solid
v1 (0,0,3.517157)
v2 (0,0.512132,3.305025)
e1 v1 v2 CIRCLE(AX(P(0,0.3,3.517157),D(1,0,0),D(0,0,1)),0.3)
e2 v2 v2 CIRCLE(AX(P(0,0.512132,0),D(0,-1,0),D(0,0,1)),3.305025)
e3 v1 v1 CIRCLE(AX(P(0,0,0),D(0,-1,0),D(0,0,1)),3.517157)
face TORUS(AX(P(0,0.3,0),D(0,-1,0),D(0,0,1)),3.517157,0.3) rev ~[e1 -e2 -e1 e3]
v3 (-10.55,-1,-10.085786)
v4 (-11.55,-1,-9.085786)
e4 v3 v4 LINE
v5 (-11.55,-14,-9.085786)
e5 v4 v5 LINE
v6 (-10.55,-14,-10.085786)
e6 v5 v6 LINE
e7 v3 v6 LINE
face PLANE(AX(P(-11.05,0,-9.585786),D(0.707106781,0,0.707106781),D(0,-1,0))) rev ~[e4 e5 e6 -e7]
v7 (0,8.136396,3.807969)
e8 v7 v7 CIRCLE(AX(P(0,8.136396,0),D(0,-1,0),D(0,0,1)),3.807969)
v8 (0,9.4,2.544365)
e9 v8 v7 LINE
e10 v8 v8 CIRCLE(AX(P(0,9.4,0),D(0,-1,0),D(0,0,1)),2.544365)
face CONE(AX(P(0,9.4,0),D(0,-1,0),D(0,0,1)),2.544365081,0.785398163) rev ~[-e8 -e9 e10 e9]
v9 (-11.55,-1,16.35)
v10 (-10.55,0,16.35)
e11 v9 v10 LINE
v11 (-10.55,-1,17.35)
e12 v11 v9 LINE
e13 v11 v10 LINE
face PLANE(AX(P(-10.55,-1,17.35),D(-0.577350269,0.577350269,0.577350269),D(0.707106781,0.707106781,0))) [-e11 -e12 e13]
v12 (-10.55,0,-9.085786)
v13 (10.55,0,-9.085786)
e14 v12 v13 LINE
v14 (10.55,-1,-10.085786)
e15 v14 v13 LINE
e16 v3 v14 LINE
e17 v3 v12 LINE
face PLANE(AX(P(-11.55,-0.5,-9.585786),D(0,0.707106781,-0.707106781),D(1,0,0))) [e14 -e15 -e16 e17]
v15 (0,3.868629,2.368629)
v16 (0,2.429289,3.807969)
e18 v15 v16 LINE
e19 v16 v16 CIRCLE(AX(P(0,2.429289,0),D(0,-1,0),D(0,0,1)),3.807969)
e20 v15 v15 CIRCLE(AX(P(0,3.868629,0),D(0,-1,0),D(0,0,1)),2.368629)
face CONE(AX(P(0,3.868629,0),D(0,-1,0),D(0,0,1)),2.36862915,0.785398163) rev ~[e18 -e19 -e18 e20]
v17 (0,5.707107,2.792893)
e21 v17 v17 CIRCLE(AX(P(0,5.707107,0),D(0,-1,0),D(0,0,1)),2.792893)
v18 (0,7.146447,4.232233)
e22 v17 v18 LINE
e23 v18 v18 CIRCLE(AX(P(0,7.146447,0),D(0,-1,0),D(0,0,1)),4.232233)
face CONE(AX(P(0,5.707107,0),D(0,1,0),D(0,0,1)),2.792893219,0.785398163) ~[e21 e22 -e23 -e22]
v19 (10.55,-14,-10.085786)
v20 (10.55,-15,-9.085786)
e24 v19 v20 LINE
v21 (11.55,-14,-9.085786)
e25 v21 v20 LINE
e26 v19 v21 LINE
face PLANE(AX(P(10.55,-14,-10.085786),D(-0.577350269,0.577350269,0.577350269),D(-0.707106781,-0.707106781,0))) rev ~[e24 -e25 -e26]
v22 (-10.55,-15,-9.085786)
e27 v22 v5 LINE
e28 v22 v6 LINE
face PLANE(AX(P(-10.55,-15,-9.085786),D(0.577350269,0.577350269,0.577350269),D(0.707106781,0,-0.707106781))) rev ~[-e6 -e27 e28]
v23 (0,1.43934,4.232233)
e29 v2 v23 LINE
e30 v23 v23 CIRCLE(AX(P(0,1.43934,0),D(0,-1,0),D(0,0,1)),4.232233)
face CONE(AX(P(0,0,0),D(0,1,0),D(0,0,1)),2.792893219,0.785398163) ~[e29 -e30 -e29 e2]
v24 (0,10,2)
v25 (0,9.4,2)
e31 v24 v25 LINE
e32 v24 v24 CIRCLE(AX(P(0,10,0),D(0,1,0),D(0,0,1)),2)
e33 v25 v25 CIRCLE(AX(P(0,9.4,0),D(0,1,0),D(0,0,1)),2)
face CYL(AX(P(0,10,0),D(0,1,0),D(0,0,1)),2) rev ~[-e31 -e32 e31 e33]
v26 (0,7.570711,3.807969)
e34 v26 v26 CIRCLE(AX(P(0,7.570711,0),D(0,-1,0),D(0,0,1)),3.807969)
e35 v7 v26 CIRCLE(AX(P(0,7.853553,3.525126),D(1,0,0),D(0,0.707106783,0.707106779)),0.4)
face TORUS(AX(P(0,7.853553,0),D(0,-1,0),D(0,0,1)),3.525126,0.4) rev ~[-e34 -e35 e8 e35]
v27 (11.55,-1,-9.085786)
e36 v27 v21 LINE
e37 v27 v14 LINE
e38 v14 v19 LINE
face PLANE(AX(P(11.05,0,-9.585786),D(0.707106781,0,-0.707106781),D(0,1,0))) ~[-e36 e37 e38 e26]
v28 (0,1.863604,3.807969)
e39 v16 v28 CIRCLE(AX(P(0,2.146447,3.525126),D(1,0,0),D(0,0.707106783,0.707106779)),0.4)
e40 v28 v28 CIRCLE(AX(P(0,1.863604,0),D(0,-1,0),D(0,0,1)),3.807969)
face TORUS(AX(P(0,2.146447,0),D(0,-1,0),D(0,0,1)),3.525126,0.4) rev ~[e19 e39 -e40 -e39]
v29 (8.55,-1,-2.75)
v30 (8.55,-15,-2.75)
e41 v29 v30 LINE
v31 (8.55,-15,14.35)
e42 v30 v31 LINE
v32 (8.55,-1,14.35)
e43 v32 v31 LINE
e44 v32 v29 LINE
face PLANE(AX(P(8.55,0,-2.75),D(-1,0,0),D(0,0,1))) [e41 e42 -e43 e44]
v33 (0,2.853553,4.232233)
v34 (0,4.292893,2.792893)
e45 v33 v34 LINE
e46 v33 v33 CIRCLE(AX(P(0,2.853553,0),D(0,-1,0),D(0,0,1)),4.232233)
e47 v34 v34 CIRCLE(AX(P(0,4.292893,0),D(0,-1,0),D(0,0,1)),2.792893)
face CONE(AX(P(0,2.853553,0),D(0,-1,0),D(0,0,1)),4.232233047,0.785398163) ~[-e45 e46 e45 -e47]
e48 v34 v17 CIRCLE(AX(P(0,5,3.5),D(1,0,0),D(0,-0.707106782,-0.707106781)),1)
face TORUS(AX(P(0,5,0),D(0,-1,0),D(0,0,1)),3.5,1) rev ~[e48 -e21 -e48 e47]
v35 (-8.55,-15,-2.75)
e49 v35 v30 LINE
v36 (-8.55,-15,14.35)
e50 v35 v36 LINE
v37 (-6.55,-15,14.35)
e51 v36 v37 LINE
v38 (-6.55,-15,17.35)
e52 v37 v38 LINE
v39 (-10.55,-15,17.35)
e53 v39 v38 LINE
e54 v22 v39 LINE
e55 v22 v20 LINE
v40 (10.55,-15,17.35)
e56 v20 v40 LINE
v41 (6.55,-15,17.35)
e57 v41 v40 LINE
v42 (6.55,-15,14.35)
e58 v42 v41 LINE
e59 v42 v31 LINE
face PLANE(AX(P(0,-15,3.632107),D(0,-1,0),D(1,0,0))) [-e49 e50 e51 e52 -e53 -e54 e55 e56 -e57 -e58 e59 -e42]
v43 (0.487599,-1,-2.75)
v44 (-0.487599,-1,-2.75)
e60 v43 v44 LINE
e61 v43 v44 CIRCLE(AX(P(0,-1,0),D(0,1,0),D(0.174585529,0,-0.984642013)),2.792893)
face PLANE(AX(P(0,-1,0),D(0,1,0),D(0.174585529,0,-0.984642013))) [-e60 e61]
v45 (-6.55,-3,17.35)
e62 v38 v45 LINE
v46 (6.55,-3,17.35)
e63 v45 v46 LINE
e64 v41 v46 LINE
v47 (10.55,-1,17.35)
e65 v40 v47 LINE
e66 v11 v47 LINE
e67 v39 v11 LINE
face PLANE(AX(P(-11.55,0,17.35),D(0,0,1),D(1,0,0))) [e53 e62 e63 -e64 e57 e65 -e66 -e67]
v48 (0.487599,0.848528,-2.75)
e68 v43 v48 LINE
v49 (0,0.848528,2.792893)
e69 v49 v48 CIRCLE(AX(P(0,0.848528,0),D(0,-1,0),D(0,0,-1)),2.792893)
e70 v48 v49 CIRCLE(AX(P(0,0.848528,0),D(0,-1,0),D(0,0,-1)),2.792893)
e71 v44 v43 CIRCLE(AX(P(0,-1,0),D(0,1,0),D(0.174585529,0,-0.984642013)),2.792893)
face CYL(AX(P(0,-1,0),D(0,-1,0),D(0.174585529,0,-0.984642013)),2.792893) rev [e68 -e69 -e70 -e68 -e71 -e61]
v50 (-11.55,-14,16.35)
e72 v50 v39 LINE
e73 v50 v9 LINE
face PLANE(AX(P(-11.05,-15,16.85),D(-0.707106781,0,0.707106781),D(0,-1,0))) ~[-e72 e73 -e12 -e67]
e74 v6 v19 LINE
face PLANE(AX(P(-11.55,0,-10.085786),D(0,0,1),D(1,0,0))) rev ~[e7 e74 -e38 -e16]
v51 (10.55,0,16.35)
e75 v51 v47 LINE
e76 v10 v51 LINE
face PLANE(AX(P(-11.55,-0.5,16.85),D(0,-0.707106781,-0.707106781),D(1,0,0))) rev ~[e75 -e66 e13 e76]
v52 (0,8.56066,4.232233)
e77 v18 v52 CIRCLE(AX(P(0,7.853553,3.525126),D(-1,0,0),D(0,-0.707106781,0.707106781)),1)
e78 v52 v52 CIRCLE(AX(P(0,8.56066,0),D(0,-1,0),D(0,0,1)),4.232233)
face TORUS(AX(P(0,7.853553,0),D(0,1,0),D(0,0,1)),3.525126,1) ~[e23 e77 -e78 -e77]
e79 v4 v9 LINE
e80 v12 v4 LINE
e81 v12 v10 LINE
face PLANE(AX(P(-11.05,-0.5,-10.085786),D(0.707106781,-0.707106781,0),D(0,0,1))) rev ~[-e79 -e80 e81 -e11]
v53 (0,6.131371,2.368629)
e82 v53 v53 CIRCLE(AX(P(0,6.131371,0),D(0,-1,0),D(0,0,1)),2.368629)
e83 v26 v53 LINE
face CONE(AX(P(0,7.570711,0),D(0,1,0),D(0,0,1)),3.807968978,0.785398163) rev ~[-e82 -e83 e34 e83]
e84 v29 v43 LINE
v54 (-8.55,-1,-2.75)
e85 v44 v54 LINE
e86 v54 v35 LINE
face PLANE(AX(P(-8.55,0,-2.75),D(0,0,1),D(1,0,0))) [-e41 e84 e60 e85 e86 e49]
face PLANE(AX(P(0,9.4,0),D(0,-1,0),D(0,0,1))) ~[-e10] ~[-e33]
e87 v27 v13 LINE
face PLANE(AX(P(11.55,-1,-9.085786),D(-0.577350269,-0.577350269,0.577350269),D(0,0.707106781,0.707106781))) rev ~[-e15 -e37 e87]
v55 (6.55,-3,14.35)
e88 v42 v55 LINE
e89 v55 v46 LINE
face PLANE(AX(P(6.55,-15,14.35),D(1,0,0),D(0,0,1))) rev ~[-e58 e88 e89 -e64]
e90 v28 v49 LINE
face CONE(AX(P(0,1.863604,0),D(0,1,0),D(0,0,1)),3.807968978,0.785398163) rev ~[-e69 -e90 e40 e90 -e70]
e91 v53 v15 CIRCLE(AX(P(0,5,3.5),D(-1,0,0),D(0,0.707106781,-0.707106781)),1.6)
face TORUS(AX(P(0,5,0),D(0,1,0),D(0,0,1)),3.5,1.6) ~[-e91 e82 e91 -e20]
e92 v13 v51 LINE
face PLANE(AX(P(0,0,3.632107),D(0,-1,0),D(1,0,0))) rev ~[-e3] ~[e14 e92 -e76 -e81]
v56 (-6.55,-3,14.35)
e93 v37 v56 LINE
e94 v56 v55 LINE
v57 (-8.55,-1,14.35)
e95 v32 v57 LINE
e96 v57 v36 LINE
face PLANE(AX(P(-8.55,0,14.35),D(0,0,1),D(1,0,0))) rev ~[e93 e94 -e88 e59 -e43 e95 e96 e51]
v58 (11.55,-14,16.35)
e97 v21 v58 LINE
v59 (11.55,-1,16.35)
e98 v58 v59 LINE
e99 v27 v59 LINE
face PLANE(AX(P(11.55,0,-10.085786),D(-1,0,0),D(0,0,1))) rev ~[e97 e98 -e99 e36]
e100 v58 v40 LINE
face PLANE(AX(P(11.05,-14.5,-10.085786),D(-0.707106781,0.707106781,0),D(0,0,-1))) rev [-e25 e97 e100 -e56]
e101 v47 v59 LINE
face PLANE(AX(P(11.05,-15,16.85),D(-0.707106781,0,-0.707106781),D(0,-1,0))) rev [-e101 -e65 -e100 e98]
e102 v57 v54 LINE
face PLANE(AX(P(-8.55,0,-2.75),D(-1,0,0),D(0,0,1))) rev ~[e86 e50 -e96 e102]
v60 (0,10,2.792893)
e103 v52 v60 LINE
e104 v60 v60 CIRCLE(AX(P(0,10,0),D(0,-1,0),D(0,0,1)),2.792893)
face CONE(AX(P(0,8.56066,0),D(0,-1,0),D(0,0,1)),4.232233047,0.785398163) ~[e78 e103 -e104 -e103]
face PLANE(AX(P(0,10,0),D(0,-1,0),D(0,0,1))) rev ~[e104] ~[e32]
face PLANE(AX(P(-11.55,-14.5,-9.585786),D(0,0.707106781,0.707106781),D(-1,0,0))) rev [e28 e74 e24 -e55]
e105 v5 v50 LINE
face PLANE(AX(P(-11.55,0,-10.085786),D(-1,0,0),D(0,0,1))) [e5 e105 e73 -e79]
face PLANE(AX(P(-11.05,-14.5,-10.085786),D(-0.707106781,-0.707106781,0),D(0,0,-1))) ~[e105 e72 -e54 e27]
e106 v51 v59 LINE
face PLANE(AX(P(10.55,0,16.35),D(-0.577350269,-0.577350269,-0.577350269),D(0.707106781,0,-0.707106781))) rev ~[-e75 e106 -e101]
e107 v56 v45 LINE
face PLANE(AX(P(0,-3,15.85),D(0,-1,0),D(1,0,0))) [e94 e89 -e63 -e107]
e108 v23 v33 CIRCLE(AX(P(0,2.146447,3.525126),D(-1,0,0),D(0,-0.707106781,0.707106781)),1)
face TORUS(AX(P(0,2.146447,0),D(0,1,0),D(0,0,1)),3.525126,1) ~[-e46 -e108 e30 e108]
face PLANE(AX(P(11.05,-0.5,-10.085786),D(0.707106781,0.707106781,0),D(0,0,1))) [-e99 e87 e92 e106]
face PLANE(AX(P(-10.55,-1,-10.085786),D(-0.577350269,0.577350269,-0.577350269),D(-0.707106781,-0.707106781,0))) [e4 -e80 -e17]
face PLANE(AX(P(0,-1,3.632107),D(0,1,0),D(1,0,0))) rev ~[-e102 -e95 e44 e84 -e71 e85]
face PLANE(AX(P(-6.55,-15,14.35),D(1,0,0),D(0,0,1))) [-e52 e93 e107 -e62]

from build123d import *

# Parameters (mm, degrees)
CUT_EXTRUDE1_REACH  = 13.872
SKETCH2_R           = 2
SKETCH3_W           = 23.1
SKETCH3_H           = 27.435786438
SKETCH3_W_2         = 17.1
SKETCH3_H_2         = 17.1
BOSS_EXTRUDE1_DEPTH = 15
SKETCH4_W           = 23.1
SKETCH4_H           = 27.435786438
BOSS_EXTRUDE3_DEPTH = 1
FILLET2_R           = 0.3
CUT_EXTRUDE2_REACH  = 27.108
SKETCH5_R           = 2.792893219
SKETCH6_W           = 13.1
SKETCH6_H           = 3
CUT_EXTRUDE3_DEPTH  = 12
CHAMFER1_SIZE       = 1


with BuildPart() as part:
    # Sketch1 → Revolve1 (revolve)
    with BuildSketch(Plane.XY, mode=Mode.PRIVATE) as revolve1_sk:
        with BuildLine():
            Line((0, 0.6), (0, 0))
            Line((0, 0), (2.792893219, 0))
            Line((2.792893219, 0), (4.232233047, 1.439339828))
            ThreePointArc((4.232233047, 1.439339828), (4.525126266, 2.146446609), (4.232233047, 2.853553391))
            Line((4.232233047, 2.853553391), (2.792893219, 4.292893219))
            ThreePointArc((2.792893219, 4.292893219), (2.5, 5), (2.792893219, 5.707106781))
            Line((2.792893219, 5.707106781), (4.232233047, 7.146446609))
            ThreePointArc((4.232233047, 7.146446609), (4.525126266, 7.853553391), (4.232233047, 8.560660172))
            Line((4.232233047, 8.560660172), (2.792893219, 10))
            Line((2.792893219, 10), (0, 10))
            Line((0, 10), (0, 9.4))
            Line((0, 9.4), (2.544365081, 9.4))
            Line((2.544365081, 9.4), (3.807968978, 8.136396103))
            ThreePointArc((3.807968978, 8.136396103), (3.925126266, 7.853553391), (3.807968978, 7.570710678))
            Line((3.807968978, 7.570710678), (2.36862915, 6.13137085))
            ThreePointArc((2.36862915, 6.13137085), (1.9, 5), (2.36862915, 3.86862915))
            Line((2.36862915, 3.86862915), (3.807968978, 2.429289322))
            ThreePointArc((3.807968978, 2.429289322), (3.925126266, 2.146446609), (3.807968978, 1.863603897))
            Line((3.807968978, 1.863603897), (2.544365081, 0.6))
            Line((2.544365081, 0.6), (0, 0.6))
        make_face()
    revolve(revolve1_sk.sketch.rotate(Axis((0, 10, 0), (0, -1, 0)), 90), axis=Axis((0, 10, 0), (0, -1, 0)))

    # Sketch2 → Cut-Extrude1 (cut, up to next)
    with BuildSketch(Plane(origin=(0, 10, 0), x_dir=(1, 0, 0), z_dir=(0, 1, 0)), mode=Mode.PRIVATE) as cut_extrude1_sk1:
        with Locations(Location((0, 0, 0), (0, 0, 270))):
            Circle(SKETCH2_R)
    cut_extrude1_tool1 = extrude(cut_extrude1_sk1.sketch, amount=-CUT_EXTRUDE1_REACH, mode=Mode.PRIVATE) & part.part
    add(cut_extrude1_tool1.solids().sort_by_distance((0, 10, 0))[0], mode=Mode.SUBTRACT)

    # Sketch3 → Boss-Extrude1 (add)
    with BuildSketch(Plane.XZ):
        with Locations((0, 3.632106781)):
            Rectangle(SKETCH3_W, SKETCH3_H)
        with Locations((0, 5.8)):
            Rectangle(SKETCH3_W_2, SKETCH3_H_2, mode=Mode.SUBTRACT)
    extrude(amount=BOSS_EXTRUDE1_DEPTH)

    # Sketch4 → Boss-Extrude3 (add)
    with BuildSketch(Plane(origin=(0, 0, 0), x_dir=(1, 0, 0), z_dir=(0, 1, 0))):
        with Locations((0, -3.632106781)):
            Rectangle(SKETCH4_W, SKETCH4_H)
    extrude(amount=-BOSS_EXTRUDE3_DEPTH)

    # Fillet2
    fillet2_edges = [part.edges().sort_by_distance(p)[0] for p in [
        (0, 0, -2.792893219),
    ]]
    fillet(fillet2_edges, radius=FILLET2_R)

    # Sketch5 → Cut-Extrude2 (cut, up to next)
    with BuildSketch(Plane(origin=(0, -1, 0), x_dir=(1, 0, 0), z_dir=(0, 1, 0)), mode=Mode.PRIVATE) as cut_extrude2_sk1:
        with Locations(Location((0, 0, 0), (0, 0, 79.945460625))):
            Circle(SKETCH5_R)
    cut_extrude2_tool1 = extrude(cut_extrude2_sk1.sketch, amount=CUT_EXTRUDE2_REACH, mode=Mode.PRIVATE) & part.part
    add(cut_extrude2_tool1.solids().sort_by_distance((0, -1, 0))[0], mode=Mode.SUBTRACT)

    # Sketch6 → Cut-Extrude3 (cut)
    with BuildSketch(Plane.XZ.offset(15)):
        with Locations((0, 15.85)):
            Rectangle(SKETCH6_W, SKETCH6_H)
    extrude(amount=-CUT_EXTRUDE3_DEPTH, mode=Mode.SUBTRACT)

    # Chamfer1
    chamfer1_edges = [part.edges().sort_by_distance(p)[0] for p in [
        (-11.55, 0, 3.632106781),
        (-11.55, -7.5, 17.35),
        (0, 0, -10.085786438),
        (-11.55, -7.5, -10.085786438),
        (11.55, -15, 3.632106781),
        (11.55, -7.5, -10.085786438),
        (11.55, -7.5, 17.35),
        (-11.55, -15, 3.632106781),
        (0, -15, -10.085786438),
        (0, 0, 17.35),
        (11.55, 0, 3.632106781),
    ]]
    chamfer(chamfer1_edges, length=CHAMFER1_SIZE)


solid = part.part
